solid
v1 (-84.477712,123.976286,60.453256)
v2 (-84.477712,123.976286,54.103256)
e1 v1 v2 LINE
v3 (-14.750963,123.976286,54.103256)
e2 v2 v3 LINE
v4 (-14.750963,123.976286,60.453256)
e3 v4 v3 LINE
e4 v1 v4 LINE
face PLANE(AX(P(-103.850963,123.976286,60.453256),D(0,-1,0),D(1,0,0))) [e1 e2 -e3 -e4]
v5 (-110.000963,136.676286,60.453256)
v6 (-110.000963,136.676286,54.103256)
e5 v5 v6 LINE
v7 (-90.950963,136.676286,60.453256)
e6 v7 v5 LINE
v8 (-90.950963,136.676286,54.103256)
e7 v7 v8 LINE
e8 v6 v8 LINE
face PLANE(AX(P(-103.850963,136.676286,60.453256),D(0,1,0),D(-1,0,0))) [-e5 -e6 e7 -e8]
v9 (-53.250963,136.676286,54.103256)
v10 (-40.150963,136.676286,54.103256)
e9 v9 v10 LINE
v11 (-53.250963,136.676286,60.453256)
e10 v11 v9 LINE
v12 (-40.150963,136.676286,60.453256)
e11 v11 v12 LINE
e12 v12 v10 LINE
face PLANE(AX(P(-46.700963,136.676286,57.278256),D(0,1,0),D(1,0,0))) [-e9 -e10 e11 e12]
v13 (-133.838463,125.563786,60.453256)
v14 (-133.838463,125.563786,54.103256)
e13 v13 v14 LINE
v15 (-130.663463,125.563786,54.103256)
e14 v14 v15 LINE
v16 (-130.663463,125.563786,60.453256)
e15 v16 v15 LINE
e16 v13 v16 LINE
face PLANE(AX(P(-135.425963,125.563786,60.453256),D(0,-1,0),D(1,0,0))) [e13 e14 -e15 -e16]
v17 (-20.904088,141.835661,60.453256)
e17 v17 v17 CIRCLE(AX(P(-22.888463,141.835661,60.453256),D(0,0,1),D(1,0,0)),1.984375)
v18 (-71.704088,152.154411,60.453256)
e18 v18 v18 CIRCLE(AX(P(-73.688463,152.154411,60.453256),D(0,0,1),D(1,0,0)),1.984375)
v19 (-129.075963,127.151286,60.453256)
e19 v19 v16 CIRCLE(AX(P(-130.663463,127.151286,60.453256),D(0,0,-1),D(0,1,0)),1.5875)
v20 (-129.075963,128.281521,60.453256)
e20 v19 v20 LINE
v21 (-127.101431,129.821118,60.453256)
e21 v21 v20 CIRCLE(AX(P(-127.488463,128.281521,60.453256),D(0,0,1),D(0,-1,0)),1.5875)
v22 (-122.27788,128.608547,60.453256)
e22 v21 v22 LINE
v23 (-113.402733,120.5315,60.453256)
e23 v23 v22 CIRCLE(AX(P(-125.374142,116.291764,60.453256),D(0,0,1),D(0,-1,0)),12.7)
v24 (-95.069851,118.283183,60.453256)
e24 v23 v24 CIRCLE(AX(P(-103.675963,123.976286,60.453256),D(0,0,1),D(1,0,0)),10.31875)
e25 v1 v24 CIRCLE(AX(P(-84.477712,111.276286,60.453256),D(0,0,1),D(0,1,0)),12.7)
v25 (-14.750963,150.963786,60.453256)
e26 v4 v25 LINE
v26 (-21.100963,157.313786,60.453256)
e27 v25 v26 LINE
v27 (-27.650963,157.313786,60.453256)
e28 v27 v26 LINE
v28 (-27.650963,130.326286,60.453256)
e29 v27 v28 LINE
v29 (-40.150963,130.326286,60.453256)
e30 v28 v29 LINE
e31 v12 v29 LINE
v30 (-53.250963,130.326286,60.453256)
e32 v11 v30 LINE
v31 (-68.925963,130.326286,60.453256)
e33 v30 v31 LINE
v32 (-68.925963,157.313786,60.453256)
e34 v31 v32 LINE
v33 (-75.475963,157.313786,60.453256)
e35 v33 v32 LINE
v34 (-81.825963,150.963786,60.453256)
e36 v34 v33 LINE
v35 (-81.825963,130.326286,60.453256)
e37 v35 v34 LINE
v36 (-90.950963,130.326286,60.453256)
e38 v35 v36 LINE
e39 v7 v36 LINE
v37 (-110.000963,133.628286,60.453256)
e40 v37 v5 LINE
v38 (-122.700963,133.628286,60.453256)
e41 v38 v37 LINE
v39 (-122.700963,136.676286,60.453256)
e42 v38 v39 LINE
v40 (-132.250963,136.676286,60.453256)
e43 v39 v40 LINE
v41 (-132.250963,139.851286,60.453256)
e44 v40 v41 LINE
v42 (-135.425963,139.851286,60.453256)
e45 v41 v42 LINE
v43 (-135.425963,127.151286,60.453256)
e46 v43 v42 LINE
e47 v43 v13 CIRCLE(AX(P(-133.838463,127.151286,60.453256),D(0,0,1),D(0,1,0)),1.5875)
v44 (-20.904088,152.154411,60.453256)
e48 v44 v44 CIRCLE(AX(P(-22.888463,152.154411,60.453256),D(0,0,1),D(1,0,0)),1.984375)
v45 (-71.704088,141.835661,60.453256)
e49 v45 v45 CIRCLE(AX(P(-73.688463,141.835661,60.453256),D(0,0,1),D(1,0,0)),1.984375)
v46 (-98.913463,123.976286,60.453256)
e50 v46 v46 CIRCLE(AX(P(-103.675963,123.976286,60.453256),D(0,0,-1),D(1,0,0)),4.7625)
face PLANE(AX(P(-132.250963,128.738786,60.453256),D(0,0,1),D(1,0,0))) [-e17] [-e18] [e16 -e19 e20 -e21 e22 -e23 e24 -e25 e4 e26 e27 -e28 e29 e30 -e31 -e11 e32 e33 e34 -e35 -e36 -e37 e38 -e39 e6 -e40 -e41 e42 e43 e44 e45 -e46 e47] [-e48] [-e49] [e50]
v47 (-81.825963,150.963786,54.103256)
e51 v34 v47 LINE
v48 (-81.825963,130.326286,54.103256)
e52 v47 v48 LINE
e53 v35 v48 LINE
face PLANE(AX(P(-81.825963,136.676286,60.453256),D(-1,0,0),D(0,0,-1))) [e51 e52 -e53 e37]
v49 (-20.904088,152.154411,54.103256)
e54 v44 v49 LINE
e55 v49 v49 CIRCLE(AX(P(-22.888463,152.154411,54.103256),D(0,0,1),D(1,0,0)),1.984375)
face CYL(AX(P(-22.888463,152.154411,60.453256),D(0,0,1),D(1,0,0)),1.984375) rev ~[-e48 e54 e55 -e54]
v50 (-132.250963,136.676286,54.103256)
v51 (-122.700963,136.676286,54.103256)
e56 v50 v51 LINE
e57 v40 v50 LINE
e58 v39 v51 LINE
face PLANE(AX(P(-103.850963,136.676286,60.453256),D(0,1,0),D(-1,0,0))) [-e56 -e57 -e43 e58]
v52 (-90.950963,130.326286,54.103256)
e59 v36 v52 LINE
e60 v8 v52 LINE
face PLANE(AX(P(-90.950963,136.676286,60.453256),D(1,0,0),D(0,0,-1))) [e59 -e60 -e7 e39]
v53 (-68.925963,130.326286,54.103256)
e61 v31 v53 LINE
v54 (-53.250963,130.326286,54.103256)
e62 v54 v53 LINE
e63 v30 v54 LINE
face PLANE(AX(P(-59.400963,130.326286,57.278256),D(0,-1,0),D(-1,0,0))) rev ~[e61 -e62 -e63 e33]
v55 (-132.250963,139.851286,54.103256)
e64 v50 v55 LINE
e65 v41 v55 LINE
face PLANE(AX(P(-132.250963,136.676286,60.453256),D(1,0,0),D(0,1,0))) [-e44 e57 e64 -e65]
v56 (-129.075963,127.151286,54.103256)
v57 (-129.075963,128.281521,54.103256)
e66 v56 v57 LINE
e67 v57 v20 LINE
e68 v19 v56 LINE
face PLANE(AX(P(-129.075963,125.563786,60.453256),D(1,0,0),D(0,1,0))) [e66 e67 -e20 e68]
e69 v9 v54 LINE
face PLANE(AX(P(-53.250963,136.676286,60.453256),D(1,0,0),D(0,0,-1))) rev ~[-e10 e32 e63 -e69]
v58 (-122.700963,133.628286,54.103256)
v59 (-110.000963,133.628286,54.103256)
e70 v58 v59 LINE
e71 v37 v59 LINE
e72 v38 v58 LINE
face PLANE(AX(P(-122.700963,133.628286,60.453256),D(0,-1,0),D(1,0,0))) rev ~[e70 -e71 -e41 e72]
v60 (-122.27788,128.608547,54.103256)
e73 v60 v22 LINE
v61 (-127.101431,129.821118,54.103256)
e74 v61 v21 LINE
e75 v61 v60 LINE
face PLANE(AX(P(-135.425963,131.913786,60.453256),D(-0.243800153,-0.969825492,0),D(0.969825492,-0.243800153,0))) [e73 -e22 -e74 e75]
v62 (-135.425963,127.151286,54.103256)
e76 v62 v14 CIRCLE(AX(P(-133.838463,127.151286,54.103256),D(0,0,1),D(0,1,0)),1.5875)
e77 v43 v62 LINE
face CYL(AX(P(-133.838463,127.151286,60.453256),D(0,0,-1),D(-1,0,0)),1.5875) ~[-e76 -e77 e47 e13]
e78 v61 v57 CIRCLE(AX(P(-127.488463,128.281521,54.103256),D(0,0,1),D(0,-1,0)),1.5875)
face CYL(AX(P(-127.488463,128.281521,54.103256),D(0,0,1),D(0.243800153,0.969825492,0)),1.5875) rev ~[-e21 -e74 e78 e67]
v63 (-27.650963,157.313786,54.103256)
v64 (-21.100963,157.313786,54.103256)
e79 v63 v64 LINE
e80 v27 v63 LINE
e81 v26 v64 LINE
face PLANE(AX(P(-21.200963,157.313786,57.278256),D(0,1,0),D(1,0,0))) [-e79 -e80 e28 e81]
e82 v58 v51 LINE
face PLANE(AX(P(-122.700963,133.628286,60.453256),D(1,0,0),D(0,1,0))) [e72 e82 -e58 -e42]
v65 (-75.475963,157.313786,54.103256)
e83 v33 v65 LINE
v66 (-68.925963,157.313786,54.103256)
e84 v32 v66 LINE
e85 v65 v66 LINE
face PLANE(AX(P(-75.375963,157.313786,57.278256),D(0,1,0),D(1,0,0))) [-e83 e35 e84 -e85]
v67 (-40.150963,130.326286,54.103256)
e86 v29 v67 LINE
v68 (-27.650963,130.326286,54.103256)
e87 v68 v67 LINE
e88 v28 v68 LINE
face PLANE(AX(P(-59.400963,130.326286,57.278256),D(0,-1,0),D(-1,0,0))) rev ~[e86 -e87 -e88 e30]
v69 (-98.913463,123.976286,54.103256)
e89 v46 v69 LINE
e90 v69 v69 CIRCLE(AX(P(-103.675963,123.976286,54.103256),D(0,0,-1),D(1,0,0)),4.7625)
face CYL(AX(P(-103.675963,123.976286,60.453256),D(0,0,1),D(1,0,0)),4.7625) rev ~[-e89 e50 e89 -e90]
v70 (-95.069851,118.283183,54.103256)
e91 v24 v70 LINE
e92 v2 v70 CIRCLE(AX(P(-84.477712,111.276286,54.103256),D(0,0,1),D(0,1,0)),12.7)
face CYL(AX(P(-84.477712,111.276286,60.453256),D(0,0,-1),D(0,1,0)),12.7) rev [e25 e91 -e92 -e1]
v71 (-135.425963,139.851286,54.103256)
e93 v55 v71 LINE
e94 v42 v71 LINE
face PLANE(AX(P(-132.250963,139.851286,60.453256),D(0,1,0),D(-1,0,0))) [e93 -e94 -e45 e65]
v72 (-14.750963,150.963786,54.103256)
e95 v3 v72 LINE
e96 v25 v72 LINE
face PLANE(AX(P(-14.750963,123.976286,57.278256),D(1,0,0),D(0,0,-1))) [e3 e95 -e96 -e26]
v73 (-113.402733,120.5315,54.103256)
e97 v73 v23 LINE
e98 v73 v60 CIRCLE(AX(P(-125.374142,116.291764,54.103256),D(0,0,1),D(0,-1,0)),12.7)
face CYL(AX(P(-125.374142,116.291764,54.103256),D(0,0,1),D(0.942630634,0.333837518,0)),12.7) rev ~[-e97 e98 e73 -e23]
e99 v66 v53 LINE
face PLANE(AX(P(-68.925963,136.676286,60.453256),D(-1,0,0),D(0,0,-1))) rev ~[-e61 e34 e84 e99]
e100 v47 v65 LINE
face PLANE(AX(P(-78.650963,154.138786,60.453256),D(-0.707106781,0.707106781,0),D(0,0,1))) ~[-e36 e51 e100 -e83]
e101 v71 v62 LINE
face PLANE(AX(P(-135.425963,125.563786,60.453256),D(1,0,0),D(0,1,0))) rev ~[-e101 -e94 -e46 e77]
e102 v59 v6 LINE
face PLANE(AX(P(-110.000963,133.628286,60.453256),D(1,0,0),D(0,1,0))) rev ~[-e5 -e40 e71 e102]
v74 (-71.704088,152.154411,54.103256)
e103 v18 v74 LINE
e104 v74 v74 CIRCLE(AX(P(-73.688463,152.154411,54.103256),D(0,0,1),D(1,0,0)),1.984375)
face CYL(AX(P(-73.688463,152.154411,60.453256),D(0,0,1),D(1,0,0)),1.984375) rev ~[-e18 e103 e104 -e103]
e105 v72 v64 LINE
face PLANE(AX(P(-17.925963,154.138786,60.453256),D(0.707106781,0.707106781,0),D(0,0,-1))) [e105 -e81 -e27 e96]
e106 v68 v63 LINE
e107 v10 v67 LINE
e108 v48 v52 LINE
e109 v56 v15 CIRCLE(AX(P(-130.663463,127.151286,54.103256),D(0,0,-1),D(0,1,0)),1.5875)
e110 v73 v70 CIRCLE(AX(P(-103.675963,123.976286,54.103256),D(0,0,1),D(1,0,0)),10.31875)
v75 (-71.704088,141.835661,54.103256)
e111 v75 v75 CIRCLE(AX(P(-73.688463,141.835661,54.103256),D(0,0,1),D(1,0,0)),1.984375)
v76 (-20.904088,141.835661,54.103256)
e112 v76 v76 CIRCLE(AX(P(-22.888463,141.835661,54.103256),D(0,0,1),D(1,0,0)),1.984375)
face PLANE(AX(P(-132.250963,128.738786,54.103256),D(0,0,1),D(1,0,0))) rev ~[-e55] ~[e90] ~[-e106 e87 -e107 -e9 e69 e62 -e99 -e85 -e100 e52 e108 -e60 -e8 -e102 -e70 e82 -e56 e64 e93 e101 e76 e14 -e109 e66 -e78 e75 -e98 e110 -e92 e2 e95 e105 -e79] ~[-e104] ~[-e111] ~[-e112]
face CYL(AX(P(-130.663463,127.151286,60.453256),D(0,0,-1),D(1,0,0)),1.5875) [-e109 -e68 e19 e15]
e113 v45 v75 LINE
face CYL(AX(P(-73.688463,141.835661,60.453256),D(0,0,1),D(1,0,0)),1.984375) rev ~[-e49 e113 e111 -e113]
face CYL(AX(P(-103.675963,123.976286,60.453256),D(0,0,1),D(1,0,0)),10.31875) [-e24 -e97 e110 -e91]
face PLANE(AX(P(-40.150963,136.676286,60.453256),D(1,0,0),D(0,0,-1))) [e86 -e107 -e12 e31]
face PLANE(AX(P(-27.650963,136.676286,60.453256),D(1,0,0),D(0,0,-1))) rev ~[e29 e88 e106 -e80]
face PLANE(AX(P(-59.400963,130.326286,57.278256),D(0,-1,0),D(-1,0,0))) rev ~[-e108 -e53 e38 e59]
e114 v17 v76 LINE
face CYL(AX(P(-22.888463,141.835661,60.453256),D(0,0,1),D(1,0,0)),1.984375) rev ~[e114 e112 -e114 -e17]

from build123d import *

# Parameters (mm, degrees)
SKETCH1_W               = 12.9
SKETCH1_H               = 6.35
BOSS_EXTRUDE1_DEPTH     = 6.35
BOSS_EXTRUDE1_2_DEPTH   = 6.35
SKETCH1_W_2             = 13.1
BOSS_EXTRUDE1_3_DEPTH   = 6.35
BOSS_EXTRUDE1_4_DEPTH   = 6.35
SKETCH2_W               = 88.9
SKETCH2_H               = 6.35
BOSS_EXTRUDE2_DEPTH     = 12.7
SKETCH3_W               = 12.9
SKETCH3_H               = 6.35
BOSS_EXTRUDE3_DEPTH     = 20.6375
CHAMFER1_SIZE           = 6.35
SKETCH4_R               = 1.984375
CUT_EXTRUDE1_DEPTH      = 7.35
SKETCH12_W              = 6.35
SKETCH12_H              = 12.7
BOSS_EXTRUDE6_DEPTH     = 0.2
SKETCH13_W              = 89.1
SKETCH13_H              = 6.35
CUT_EXTRUDE2_DEPTH      = 7.35
BOSS_EXTRUDE7_DEPTH     = 6.35
SKETCH19_R              = 10.31875
SKETCH19_R_2            = 4.7625
BOSS_EXTRUDE8_DEPTH     = 6.35
SKETCH20_R              = 4.7625
CUT_EXTRUDE3_DEPTH      = 1
CUT_EXTRUDE3_DEPTH_BACK = 7.35
FILLET2_R               = 12.7
SKETCH21_W              = 6.35
SKETCH21_H              = 6.35
BOSS_EXTRUDE9_DEPTH     = 6.35
FILLET4_R               = 1.5875
SKETCH22_W              = 12.7
SKETCH22_H              = 3.048
CUT_EXTRUDE4_DEPTH      = 7.35


with BuildPart() as part:
    # Sketch1 → Boss-Extrude1 (new body)
    with BuildSketch(Plane(origin=(0, 136.676286052, 0), x_dir=(1, 0, 0), z_dir=(0, 1, 0))):
        with Locations((-97.400963438, -57.278255958)):
            Rectangle(SKETCH1_W, SKETCH1_H)
    extrude(amount=-BOSS_EXTRUDE1_DEPTH)



with BuildPart() as body_2:
    # Sketch1 → Boss-Extrude1 2 (new body)
    with BuildSketch(Plane(origin=(0, 136.676286052, 0), x_dir=(1, 0, 0), z_dir=(0, 1, 0))):
        with Locations((-75.375963438, -57.278255958)):
            Rectangle(SKETCH1_W, SKETCH1_H)
    extrude(amount=-BOSS_EXTRUDE1_2_DEPTH)


with BuildPart() as body_3:
    # Sketch1 → Boss-Extrude1 3 (new body)
    with BuildSketch(Plane(origin=(0, 136.676286052, 0), x_dir=(1, 0, 0), z_dir=(0, 1, 0))):
        with Locations((-46.700963438, -57.278255958)):
            Rectangle(SKETCH1_W_2, SKETCH1_H)
    extrude(amount=-BOSS_EXTRUDE1_3_DEPTH)


with BuildPart() as body_4:
    # Sketch1 → Boss-Extrude1 4 (new body)
    with BuildSketch(Plane(origin=(0, 136.676286052, 0), x_dir=(1, 0, 0), z_dir=(0, 1, 0))):
        with Locations((-21.200963438, -57.278255958)):
            Rectangle(SKETCH1_W, SKETCH1_H)
    extrude(amount=-BOSS_EXTRUDE1_4_DEPTH)


with BuildPart() as part_1:
    add(part.part)

    add(body_2.part)  # Boss-Extrude2 merges body 2

    add(body_3.part)  # Boss-Extrude2 merges body 3

    add(body_4.part)  # Boss-Extrude2 merges body 4
    # Sketch2 → Boss-Extrude2 (add)
    with BuildSketch(Plane(origin=(0, 130.326286052, 0), x_dir=(-1, 0, 0), z_dir=(0, -1, 0))):
        with Locations((59.400963438, -57.278255958)):
            Rectangle(SKETCH2_W, SKETCH2_H)
    extrude(amount=BOSS_EXTRUDE2_DEPTH)

    # Sketch3 → Boss-Extrude3 (add)
    with BuildSketch(Plane(origin=(0, 136.676286052, 0), x_dir=(1, 0, 0), z_dir=(0, 1, 0))):
        with Locations((-75.375963438, -57.278255958)):
            Rectangle(SKETCH3_W, SKETCH3_H)
        with Locations((-21.200963438, -57.278255958)):
            Rectangle(SKETCH3_W, SKETCH3_H)
    extrude(amount=BOSS_EXTRUDE3_DEPTH)

    # Chamfer1
    chamfer1_edges = [part_1.edges().sort_by_distance(p)[0] for p in [
        (-81.825963438, 157.313786052, 57.278255958),
        (-14.750963438, 157.313786052, 57.278255958),
    ]]
    chamfer(chamfer1_edges, length=CHAMFER1_SIZE)

    # Sketch4 → Cut-Extrude1 (cut, through all)
    with BuildSketch(Plane.XY.offset(60.453255958)):
        with Locations((-73.688463438, 152.154411052)):
            Circle(SKETCH4_R)
        with Locations((-73.688463438, 141.835661052)):
            Circle(SKETCH4_R)
        with Locations((-22.888463438, 141.835661052)):
            Circle(SKETCH4_R)
        with Locations((-22.888463438, 152.154411052)):
            Circle(SKETCH4_R)
    extrude(amount=-CUT_EXTRUDE1_DEPTH, mode=Mode.SUBTRACT)

    # Sketch12 → Boss-Extrude6 (add)
    with BuildSketch(Plane(origin=(-14.950963438, 0, 0), x_dir=(0, 0, -1), z_dir=(1, 0, 0))):
        with Locations((-57.278255958, 123.976286052)):
            Rectangle(SKETCH12_W, SKETCH12_H)
    extrude(amount=BOSS_EXTRUDE6_DEPTH)

    # Sketch13 → Cut-Extrude2 (cut, through all)
    with BuildSketch(Plane.XY.offset(60.453255958)):
        with Locations((-59.300963438, 120.801286052)):
            Rectangle(SKETCH13_W, SKETCH13_H)
    extrude(amount=-CUT_EXTRUDE2_DEPTH, mode=Mode.SUBTRACT)

    # Sketch14 → Boss-Extrude7 (add)
    with BuildSketch(Plane.XY.offset(60.453255958)):
        Polygon((-132.250963468, 139.851286052), (-135.425963468, 139.851286052), (-135.425963468, 131.913786052), (-103.850963438, 123.976286052), (-103.850963438, 136.676286052), (-132.250963468, 136.676286052), align=None)
    extrude(amount=-BOSS_EXTRUDE7_DEPTH)

    # Sketch19 → Boss-Extrude8 (add)
    with BuildSketch(Plane.XY.offset(60.453255958)):
        with Locations((-103.675963468, 123.976286052)):
            Circle(SKETCH19_R)
        with Locations((-103.675963468, 123.976286052)):
            Circle(SKETCH19_R_2, mode=Mode.SUBTRACT)
    extrude(amount=-BOSS_EXTRUDE8_DEPTH)

    # Sketch20 → Cut-Extrude3 (cut, two sides)
    with BuildSketch(Plane.XY.offset(60.453255958)) as cut_extrude3_sk:
        with Locations((-103.675963468, 123.976286052)):
            Circle(SKETCH20_R)
    extrude(amount=CUT_EXTRUDE3_DEPTH, mode=Mode.SUBTRACT)
    extrude(cut_extrude3_sk.sketch, amount=-CUT_EXTRUDE3_DEPTH_BACK, mode=Mode.SUBTRACT)

    # Fillet2
    fillet2_edges = [part_1.edges().sort_by_distance(p)[0] for p in [
        (-113.693666461, 126.450599755, 57.278255958),
        (-93.357213468, 123.976286052, 57.278255958),
    ]]
    fillet(fillet2_edges, radius=FILLET2_R)

    # Sketch21 → Boss-Extrude9 (add)
    with BuildSketch(Plane.XY.offset(60.453255958)):
        with Locations((-132.250963468, 128.738786052)):
            Rectangle(SKETCH21_W, SKETCH21_H)
    extrude(amount=-BOSS_EXTRUDE9_DEPTH)

    # Fillet4
    fillet4_edges = [part_1.edges().sort_by_distance(p)[0] for p in [
        (-129.075963468, 130.317487558, 57.278255958),
        (-129.075963468, 125.563786052, 57.278255958),
        (-135.425963468, 125.563786052, 57.278255958),
    ]]
    fillet(fillet4_edges, radius=FILLET4_R)

    # Sketch22 → Cut-Extrude4 (cut, through all)
    with BuildSketch(Plane.XY.offset(60.453255958)):
        with Locations((-116.350963438, 135.152286052)):
            Rectangle(SKETCH22_W, SKETCH22_H)
    extrude(amount=-CUT_EXTRUDE4_DEPTH, mode=Mode.SUBTRACT)


solid = part_1.part
